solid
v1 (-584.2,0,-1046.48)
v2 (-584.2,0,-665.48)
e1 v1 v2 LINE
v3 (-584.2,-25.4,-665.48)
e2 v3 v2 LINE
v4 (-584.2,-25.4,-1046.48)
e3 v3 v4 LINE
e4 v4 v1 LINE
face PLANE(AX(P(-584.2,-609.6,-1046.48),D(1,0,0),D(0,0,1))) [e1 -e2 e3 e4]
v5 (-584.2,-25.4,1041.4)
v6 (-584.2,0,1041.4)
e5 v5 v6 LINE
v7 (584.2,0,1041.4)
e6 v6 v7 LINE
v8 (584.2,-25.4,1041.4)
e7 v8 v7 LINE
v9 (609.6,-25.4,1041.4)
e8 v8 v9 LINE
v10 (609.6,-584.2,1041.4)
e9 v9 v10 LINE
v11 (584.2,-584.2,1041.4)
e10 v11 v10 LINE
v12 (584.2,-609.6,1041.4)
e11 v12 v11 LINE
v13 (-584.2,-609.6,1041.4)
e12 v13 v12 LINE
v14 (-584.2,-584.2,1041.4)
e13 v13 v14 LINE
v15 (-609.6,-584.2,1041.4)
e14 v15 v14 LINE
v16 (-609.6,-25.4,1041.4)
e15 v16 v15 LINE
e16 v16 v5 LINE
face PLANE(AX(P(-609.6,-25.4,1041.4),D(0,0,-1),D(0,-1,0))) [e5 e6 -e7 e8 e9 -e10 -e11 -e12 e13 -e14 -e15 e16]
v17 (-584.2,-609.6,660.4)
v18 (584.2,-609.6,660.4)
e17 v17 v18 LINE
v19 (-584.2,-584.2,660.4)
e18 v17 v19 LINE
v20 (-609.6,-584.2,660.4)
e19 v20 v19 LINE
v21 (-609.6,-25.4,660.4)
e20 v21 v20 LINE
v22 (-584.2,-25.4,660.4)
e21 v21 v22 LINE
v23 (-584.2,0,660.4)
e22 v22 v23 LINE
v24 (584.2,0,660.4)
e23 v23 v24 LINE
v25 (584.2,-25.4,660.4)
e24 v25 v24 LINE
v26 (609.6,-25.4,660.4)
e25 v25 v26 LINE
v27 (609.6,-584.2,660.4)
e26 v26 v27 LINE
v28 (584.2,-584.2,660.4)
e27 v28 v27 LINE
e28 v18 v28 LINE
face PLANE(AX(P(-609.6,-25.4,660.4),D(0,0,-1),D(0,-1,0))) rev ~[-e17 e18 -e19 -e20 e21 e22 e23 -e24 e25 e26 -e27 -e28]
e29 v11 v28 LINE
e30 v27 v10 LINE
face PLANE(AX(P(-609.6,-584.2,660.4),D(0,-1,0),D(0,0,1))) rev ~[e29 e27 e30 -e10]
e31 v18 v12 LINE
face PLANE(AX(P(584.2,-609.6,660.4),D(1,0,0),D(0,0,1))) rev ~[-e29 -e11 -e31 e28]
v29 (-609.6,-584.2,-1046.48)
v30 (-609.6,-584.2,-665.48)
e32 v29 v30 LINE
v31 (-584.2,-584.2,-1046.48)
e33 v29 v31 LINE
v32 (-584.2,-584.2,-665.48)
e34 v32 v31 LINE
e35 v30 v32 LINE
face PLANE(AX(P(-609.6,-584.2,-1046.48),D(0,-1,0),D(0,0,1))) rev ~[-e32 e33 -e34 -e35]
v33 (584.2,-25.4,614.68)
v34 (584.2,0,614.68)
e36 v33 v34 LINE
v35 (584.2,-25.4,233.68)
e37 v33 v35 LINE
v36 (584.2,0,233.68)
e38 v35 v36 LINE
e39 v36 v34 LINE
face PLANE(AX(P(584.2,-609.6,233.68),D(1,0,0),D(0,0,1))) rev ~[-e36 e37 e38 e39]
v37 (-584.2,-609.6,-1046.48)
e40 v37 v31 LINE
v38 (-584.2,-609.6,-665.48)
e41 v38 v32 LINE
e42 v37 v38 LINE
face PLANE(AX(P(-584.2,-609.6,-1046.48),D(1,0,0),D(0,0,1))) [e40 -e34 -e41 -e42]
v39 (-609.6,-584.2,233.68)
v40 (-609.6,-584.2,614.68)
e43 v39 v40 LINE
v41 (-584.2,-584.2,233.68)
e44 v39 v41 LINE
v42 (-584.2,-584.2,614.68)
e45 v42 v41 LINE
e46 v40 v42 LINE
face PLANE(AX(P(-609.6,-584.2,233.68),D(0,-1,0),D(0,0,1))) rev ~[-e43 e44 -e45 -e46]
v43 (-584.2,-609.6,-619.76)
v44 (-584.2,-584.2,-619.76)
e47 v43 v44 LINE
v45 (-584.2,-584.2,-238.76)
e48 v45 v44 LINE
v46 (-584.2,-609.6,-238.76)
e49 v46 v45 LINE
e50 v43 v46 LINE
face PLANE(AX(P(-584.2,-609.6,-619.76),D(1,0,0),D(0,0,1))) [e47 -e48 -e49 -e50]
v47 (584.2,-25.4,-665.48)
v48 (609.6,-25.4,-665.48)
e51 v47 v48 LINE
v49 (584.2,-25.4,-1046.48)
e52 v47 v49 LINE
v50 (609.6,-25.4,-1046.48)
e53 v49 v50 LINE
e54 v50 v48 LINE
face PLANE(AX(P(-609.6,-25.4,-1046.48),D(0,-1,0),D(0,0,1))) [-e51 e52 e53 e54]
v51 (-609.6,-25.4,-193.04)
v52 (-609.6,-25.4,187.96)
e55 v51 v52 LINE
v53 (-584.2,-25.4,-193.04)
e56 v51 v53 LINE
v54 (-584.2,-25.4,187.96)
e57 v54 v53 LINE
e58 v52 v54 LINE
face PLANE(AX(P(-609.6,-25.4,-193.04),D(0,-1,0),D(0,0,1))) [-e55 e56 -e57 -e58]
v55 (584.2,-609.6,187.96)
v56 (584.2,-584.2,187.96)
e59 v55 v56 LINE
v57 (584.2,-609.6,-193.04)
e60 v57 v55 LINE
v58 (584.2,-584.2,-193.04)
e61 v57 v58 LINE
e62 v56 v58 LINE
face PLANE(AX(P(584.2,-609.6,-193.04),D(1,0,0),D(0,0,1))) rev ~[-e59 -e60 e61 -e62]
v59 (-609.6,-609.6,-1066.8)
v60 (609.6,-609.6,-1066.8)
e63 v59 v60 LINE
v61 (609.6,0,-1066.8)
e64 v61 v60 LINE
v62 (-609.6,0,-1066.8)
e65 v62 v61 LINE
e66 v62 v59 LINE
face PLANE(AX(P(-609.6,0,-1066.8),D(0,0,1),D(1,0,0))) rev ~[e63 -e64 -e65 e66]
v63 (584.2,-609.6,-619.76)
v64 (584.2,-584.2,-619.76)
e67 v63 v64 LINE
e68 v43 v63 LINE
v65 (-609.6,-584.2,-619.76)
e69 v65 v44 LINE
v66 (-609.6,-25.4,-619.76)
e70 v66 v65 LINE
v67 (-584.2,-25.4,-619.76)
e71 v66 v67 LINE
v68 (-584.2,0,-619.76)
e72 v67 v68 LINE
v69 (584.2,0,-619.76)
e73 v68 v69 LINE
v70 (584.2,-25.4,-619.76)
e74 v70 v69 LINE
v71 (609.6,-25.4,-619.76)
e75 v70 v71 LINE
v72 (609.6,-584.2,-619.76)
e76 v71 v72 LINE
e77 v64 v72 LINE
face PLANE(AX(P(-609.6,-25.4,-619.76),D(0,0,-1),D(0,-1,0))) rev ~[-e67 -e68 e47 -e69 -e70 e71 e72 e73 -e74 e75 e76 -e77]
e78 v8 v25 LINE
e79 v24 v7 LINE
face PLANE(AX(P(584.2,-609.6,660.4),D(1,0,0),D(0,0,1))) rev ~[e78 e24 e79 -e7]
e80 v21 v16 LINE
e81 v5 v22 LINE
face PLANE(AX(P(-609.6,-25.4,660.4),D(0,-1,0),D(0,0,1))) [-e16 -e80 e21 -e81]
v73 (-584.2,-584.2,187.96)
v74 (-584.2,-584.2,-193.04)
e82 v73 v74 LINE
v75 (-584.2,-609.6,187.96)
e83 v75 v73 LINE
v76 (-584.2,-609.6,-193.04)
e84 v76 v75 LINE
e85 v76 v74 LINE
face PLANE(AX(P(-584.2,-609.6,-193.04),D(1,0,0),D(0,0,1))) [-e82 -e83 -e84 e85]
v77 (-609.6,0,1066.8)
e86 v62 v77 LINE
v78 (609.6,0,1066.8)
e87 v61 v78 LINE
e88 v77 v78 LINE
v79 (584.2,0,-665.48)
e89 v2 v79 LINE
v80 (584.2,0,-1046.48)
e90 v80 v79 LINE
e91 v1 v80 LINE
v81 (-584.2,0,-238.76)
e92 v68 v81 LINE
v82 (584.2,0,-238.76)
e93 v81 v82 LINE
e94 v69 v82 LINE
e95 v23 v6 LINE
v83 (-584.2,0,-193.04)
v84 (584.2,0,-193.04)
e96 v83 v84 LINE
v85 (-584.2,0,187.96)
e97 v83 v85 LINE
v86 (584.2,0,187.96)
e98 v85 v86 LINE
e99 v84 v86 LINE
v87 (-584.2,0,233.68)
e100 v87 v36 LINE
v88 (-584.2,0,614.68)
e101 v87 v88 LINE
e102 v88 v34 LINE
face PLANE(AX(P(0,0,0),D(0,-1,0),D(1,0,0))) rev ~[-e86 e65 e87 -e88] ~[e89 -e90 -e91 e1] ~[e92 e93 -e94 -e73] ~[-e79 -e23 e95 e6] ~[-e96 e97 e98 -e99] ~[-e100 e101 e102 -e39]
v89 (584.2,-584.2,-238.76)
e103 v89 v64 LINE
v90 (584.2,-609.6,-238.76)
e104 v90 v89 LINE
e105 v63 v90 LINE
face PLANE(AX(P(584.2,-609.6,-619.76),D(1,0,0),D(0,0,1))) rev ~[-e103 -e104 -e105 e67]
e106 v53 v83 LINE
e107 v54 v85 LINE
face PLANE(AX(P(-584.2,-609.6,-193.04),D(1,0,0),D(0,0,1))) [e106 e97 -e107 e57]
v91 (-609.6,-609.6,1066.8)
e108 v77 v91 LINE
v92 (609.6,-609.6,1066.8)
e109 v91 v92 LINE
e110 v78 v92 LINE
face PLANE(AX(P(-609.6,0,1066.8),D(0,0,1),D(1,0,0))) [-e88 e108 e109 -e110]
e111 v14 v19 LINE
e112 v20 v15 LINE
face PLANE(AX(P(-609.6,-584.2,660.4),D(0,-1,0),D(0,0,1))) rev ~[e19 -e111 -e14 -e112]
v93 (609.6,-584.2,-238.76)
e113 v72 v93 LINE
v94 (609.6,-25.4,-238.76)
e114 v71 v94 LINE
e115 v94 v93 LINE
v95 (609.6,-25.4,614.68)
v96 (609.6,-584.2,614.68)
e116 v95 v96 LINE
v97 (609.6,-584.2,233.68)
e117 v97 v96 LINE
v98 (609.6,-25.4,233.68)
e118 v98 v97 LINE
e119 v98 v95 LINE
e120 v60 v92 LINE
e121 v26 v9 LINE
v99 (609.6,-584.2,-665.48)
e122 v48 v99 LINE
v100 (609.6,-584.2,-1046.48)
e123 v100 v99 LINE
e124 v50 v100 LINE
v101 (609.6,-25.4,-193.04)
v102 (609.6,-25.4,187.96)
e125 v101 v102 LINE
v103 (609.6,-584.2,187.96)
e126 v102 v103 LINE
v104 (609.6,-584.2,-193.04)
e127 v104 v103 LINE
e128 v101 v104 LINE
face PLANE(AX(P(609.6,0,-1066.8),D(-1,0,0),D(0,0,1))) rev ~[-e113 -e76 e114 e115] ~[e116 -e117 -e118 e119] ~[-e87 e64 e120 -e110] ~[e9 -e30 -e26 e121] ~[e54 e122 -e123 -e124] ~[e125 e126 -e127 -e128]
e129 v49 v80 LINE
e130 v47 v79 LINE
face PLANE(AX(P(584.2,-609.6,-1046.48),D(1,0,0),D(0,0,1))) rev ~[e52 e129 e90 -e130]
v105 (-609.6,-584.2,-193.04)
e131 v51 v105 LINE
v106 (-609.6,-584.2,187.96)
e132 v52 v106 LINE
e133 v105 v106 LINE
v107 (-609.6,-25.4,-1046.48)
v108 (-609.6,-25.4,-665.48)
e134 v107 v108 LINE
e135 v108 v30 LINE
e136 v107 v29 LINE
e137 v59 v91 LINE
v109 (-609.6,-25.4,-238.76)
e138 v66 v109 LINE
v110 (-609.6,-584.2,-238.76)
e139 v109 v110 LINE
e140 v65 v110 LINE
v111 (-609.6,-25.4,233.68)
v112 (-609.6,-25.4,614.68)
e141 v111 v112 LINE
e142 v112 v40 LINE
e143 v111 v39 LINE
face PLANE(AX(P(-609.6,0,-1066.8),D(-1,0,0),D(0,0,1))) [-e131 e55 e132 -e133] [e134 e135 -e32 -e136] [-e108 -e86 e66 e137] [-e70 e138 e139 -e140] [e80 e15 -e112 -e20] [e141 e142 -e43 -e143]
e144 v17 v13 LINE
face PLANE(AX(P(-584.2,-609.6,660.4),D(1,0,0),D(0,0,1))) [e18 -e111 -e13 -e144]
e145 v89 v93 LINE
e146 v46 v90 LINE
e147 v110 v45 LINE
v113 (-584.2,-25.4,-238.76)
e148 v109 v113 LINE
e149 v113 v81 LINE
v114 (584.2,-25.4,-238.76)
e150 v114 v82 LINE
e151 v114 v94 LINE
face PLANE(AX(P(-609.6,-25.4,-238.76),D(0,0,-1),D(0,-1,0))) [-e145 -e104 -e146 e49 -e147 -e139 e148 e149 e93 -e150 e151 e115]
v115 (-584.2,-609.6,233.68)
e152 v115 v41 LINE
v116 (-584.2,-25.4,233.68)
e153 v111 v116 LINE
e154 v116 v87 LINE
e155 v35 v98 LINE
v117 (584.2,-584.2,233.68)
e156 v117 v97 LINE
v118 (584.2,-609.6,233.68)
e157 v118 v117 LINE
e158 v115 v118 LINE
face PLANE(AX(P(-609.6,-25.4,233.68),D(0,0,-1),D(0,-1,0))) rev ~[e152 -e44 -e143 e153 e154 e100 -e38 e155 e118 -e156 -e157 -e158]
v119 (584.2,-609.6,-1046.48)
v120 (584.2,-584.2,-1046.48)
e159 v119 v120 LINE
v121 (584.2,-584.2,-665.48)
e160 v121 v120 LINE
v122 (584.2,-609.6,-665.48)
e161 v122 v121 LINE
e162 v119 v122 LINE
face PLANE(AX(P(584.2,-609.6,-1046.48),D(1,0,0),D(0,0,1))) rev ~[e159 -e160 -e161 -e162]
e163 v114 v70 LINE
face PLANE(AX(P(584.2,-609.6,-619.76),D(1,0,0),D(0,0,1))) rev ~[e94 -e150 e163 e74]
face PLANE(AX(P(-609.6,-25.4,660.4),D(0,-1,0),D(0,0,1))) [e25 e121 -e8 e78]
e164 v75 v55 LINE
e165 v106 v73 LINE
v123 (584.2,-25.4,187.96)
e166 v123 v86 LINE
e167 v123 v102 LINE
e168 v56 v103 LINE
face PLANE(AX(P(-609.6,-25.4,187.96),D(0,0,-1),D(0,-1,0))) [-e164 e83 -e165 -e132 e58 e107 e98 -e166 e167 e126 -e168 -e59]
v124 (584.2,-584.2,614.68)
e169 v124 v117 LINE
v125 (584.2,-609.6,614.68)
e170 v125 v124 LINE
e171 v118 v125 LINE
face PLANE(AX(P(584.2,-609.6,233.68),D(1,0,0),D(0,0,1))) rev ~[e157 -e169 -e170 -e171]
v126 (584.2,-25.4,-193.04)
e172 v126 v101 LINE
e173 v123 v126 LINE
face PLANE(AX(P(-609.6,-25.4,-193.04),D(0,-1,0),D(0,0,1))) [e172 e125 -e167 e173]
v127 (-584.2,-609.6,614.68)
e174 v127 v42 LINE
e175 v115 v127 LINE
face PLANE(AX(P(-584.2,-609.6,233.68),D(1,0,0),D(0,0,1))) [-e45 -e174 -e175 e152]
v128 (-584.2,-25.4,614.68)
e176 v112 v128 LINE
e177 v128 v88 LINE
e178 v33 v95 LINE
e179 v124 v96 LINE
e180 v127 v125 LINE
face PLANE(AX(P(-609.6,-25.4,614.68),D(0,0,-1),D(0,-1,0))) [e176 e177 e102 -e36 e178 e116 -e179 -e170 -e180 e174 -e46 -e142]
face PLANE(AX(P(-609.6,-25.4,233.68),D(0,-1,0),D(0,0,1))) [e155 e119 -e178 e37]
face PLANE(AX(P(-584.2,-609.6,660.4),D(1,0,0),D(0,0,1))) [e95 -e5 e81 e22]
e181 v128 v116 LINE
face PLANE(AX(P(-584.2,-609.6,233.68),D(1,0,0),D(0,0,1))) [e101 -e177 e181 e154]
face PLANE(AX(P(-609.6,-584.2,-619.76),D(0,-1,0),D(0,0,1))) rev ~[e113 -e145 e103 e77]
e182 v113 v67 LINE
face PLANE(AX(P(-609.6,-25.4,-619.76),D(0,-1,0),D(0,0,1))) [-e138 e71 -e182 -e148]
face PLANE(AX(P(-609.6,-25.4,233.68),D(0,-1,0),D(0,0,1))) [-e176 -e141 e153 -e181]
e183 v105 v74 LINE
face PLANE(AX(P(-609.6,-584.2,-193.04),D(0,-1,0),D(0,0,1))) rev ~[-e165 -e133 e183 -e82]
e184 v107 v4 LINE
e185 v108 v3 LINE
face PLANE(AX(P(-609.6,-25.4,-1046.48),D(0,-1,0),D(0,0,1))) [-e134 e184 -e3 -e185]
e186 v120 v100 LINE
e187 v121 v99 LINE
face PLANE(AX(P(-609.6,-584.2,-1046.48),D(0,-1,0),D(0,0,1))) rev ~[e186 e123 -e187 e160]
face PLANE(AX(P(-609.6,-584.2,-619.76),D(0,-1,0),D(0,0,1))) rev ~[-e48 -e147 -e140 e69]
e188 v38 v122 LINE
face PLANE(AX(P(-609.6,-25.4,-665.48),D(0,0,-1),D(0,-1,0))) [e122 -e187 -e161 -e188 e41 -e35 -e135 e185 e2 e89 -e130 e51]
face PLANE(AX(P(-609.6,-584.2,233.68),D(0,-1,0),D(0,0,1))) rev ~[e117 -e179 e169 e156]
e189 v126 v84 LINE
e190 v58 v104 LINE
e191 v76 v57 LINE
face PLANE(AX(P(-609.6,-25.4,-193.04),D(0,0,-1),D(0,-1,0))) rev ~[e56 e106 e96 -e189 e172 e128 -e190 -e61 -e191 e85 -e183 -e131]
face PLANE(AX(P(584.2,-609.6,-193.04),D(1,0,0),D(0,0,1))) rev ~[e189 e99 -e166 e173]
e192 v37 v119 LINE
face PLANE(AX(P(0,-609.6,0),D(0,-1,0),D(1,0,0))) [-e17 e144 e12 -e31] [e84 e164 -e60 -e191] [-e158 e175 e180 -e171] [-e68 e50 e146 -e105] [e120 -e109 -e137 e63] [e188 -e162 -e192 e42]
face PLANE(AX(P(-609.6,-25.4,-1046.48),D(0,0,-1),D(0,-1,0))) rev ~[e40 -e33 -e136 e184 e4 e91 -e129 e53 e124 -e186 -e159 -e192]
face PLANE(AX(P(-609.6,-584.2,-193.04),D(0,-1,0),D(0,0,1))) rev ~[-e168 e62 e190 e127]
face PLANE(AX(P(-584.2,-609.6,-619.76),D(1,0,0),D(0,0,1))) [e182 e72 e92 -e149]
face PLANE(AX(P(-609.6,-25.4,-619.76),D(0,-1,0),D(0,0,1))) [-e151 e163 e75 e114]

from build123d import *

# Parameters (mm, degrees)
F0_W     = 1219.2
F0_H     = 2133.6
F1_DEPTH = 609.6
F2_W     = 1168.4
F2_H     = 381
F3_DEPTH = 609.601
F4_W     = 558.8
F4_H     = 381
F5_DEPTH = 1219.201


with BuildPart() as f1:
    # F0 (on Front) → F1 (new body)
    with BuildSketch(Plane.XZ):
        Rectangle(F0_W, F0_H)
    extrude(amount=F1_DEPTH)

    # F2 (on face) → F3 (cut, through all)
    with BuildSketch(Plane.XZ.offset(609.6)):
        with Locations((0, 850.9)):
            Rectangle(F2_W, F2_H)
        with Locations((0, 424.18)):
            Rectangle(F2_W, F2_H)
        with Locations((0, -2.54)):
            Rectangle(F2_W, F2_H)
        with Locations((0, -429.26)):
            Rectangle(F2_W, F2_H)
        with Locations((0, -855.98)):
            Rectangle(F2_W, F2_H)
    extrude(amount=-F3_DEPTH, mode=Mode.SUBTRACT)

    # F4 (on face) → F5 (cut, through all)
    with BuildSketch(Plane(origin=(-609.6, 0, 0), x_dir=(0, -1, 0), z_dir=(-1, 0, 0))):
        with Locations((304.8, 850.9)):
            Rectangle(F4_W, F4_H)
        with Locations((304.8, 424.18)):
            Rectangle(F4_W, F4_H)
        with Locations((304.8, -2.54)):
            Rectangle(F4_W, F4_H)
        with Locations((304.8, -429.26)):
            Rectangle(F4_W, F4_H)
        with Locations((304.8, -855.98)):
            Rectangle(F4_W, F4_H)
    extrude(amount=-F5_DEPTH, mode=Mode.SUBTRACT)


solid = f1.part
